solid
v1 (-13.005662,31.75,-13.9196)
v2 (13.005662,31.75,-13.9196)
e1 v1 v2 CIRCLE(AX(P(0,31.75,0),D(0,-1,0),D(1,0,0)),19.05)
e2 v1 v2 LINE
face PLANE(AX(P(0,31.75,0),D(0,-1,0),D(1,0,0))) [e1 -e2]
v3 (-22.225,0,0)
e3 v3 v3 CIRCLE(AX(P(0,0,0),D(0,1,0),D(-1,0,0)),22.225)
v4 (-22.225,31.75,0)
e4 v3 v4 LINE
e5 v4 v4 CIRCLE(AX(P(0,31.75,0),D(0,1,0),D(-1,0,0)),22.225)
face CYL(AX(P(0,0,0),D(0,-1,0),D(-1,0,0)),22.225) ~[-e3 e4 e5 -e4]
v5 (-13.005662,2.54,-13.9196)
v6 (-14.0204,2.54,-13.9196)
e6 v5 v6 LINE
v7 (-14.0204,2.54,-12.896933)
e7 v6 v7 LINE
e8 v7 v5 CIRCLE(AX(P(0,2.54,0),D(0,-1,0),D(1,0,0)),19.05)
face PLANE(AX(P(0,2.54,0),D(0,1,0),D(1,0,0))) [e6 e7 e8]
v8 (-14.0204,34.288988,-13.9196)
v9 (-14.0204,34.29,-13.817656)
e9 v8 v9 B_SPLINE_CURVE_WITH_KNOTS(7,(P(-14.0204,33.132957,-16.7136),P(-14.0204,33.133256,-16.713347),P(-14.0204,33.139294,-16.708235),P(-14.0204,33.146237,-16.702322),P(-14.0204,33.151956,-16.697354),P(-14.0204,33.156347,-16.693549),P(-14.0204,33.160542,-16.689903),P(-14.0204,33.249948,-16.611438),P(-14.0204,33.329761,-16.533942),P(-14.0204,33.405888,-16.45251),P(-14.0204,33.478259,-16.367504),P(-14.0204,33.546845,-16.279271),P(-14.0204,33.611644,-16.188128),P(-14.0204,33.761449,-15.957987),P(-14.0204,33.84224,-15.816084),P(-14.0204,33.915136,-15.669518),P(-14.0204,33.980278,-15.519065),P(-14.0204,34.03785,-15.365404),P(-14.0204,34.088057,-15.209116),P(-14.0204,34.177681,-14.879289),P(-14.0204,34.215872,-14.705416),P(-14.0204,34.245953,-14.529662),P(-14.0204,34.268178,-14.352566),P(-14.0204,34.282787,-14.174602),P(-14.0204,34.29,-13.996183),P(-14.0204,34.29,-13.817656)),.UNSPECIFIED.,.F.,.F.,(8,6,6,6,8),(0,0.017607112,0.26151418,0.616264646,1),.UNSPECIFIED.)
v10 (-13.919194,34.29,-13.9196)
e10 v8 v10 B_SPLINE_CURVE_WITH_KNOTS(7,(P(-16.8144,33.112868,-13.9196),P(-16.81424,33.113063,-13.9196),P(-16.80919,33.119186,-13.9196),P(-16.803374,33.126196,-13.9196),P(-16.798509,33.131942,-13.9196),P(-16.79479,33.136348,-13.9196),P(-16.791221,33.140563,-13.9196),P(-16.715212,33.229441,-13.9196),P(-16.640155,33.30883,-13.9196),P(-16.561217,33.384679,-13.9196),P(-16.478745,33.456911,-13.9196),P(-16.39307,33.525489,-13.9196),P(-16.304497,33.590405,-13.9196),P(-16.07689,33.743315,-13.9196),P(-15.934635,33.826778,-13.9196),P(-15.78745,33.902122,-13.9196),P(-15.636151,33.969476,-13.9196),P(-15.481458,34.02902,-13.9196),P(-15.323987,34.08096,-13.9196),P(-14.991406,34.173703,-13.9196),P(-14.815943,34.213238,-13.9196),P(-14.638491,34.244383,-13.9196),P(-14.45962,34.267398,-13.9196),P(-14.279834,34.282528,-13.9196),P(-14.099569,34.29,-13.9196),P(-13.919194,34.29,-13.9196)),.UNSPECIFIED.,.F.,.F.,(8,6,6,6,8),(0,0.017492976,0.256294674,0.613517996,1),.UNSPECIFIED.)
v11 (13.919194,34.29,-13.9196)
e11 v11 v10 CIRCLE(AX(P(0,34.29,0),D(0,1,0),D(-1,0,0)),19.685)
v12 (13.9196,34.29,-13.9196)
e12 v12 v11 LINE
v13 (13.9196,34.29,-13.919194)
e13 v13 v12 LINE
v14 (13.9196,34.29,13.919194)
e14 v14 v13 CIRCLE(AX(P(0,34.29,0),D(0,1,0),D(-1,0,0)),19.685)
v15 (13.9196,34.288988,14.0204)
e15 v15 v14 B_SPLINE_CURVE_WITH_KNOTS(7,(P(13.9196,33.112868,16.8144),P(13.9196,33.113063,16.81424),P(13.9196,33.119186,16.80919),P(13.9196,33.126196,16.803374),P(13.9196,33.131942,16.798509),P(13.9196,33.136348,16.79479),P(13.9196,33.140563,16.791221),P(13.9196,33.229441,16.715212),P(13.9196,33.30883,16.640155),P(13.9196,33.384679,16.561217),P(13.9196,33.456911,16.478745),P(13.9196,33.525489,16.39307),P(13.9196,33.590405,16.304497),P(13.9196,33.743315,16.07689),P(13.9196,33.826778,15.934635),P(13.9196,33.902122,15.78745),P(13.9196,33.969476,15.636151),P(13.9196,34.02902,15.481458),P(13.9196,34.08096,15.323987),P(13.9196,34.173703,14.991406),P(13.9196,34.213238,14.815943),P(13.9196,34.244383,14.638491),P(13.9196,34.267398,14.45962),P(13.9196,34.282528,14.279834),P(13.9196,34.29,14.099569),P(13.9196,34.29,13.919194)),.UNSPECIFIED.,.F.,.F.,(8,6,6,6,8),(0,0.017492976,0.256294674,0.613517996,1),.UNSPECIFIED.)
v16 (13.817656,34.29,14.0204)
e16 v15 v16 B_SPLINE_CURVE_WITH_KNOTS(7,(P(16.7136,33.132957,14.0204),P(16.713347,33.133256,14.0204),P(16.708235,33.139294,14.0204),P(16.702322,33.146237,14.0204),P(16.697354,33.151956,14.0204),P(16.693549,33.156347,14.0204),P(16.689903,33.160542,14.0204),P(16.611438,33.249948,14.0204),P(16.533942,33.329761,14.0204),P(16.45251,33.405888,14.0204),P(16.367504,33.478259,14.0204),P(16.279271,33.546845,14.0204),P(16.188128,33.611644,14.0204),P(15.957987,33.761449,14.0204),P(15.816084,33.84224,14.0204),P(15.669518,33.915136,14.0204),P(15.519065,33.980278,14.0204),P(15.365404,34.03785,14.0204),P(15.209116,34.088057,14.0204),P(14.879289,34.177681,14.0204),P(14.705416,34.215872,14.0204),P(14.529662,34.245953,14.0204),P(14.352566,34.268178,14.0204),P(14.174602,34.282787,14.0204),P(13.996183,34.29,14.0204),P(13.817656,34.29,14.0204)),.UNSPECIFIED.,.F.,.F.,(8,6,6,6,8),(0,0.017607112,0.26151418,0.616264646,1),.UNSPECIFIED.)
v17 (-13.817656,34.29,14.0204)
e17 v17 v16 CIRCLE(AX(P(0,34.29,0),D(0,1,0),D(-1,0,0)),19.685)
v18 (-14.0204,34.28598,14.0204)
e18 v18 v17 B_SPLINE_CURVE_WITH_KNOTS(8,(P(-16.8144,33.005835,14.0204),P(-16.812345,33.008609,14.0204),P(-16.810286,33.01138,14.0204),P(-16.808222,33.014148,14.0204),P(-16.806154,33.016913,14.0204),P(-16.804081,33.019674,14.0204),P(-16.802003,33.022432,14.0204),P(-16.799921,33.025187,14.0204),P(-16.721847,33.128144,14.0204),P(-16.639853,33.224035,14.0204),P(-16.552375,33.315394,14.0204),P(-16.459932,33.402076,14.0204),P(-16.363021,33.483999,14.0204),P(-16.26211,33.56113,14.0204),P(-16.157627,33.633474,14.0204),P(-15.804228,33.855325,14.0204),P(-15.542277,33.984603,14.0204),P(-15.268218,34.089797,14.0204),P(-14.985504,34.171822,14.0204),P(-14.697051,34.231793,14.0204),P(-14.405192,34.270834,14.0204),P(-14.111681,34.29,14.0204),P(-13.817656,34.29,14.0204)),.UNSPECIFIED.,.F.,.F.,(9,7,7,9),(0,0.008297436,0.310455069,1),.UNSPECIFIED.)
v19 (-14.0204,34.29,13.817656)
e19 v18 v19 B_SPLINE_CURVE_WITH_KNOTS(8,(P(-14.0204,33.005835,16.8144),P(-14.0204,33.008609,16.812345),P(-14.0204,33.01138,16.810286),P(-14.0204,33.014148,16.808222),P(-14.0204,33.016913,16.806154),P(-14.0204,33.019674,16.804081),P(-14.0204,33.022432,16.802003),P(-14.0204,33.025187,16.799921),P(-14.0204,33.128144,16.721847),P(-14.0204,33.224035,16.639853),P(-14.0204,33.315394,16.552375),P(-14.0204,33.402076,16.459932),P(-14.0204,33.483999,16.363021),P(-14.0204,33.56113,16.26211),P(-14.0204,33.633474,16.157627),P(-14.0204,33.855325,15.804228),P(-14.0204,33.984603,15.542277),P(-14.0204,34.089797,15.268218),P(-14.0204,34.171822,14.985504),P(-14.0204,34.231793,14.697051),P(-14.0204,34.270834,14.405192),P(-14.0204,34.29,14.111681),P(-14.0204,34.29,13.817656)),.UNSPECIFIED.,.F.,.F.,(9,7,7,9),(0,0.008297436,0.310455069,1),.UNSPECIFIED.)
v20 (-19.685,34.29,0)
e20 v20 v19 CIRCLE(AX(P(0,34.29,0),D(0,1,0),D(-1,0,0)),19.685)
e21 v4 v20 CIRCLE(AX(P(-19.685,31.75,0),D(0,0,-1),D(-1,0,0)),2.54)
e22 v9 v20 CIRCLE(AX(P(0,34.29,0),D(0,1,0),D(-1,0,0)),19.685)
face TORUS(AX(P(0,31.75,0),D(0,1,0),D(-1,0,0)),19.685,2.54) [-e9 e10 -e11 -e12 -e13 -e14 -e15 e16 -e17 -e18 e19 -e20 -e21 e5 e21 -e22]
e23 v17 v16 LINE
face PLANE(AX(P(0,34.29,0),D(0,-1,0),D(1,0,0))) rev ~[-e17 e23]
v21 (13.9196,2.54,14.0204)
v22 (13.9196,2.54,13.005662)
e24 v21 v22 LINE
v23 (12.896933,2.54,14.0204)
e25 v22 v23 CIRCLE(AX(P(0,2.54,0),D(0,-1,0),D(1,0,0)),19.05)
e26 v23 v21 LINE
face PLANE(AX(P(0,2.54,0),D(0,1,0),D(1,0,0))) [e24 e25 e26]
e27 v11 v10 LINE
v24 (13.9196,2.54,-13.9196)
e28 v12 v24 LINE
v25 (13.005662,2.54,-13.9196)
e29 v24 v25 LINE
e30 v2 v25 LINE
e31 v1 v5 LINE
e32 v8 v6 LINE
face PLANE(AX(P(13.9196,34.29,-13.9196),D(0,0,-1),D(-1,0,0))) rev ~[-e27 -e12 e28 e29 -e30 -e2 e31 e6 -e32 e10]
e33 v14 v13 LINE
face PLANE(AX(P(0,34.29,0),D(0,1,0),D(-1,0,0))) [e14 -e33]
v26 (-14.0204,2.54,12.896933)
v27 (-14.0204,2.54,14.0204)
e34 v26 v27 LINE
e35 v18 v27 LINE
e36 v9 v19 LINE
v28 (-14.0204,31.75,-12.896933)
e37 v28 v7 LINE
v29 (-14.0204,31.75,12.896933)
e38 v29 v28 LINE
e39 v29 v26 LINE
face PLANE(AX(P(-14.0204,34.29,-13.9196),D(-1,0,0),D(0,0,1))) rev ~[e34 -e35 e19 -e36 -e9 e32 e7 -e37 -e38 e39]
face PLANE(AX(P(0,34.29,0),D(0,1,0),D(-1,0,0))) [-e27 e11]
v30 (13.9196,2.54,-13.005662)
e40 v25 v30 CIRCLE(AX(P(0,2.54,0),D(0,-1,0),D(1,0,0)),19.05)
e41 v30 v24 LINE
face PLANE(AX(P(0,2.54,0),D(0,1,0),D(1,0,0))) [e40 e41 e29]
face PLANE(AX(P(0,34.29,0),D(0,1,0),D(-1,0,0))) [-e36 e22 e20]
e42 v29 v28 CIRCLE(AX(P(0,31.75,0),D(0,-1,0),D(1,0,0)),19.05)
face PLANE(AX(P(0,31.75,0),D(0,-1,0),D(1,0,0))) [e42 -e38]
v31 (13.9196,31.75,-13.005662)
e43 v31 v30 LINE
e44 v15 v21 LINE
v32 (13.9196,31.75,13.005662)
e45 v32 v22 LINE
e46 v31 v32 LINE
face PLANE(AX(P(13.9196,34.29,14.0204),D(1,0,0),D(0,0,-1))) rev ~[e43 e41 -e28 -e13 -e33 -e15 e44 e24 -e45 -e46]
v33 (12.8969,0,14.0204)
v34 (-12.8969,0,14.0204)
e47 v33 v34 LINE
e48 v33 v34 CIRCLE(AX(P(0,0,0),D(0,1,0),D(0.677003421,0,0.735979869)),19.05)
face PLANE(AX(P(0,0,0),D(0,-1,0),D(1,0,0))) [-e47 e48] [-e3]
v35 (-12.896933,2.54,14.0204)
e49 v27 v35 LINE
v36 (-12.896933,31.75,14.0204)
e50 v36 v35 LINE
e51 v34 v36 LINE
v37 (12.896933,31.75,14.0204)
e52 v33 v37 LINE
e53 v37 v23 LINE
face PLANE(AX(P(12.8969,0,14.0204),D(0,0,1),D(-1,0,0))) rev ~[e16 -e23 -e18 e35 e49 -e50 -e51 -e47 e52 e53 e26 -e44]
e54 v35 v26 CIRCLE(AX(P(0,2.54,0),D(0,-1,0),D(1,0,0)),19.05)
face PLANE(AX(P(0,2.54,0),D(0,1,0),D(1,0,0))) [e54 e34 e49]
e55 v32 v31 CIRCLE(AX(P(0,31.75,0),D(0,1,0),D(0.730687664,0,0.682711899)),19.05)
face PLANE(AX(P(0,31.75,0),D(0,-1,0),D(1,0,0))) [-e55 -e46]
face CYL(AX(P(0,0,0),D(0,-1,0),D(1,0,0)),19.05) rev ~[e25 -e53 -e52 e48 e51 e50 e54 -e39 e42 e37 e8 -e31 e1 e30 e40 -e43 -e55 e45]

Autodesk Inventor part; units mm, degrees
ref_plane "YZ Plane" through (0, 0, 0) normal (1, 0, 0) x (0, 1, 0)
ref_plane "XZ Plane" through (0, 0, 0) normal (0, 1, 0) x (-1, 0, 0)
ref_plane "XY Plane" through (0, 0, 0) normal (0, 0, 1) x (1, 0, 0)
sketch "Sketch1" plane through (0, 0, 0) normal (0, 1, 0) x (-1, 0, 0)
  circle A0 centre (0, 0) radius 22.225
  dimension "d0" = 44.45
extrude "Extrusion1" add sketch "Sketch1" along normal blind 34.29
fillet "Fillet1" radius 2.54 1 edges at (22.225, 34.29, 0)
sketch "Sketch2" plane through (0, 0, 0) normal (0, -1, 0) x (1, 0, 0)
  circle A0 centre (0, 0) radius 19.05
  dimension "d4" = 38.1
extrude "Extrusion2" cut sketch "Sketch2" against normal blind 31.75
sketch "Sketch3" plane through (0, 34.29, 0) normal (0, 1, 0) x (1, 0, 0)
  line L0 (0, 0) -> (0, -13.97)
  line L1 (0, 0) -> (-13.97, 0)
  line L2 (-14.0204, -14.0204) -> (13.9196, -14.0204)
  line L3 (13.9196, -14.0204) -> (13.9196, 13.9196)
  line L4 (13.9196, 13.9196) -> (-14.0204, 13.9196)
  line L5 (-14.0204, 13.9196) -> (-14.0204, -14.0204)
  dimension "d7" = 13.97
  dimension "d8" = 13.97
  dimension "d9" = 27.94
  dimension "d10" = 27.94
extrude "Extrusion3" cut sketch "Sketch3" against normal blind 31.75
sketch "Sketch4" plane through (0, 0, 0) normal (0, -1, 0) x (1, 0, 0)
  line L0 (13.8176, 14.0204) -> (-13.8176, 14.0204) projected
  line L1 (0, 14.0204) -> (-12.8969, 14.0204)
  arc A0 (13.9196, -13.0057) -> (13.9196, 13.0057) centre (0, 0) ccw projected
  line L2 (0, 14.0204) -> (12.8969, 14.0204)
  circle A1 centre (0, 0) radius 19.05
  point P0 (10.16, 10.16)
  point P1 (-10.16, 10.16)
  point P2 (12.8969, 14.0204)
  point P3 (-12.8969, 14.0204)
  point P4 (-13.8176, 14.0204)
extrude "Extrusion4" add sketch "Sketch4" against normal blind 34.29 contours L0 A1
properties part number "module" material "ABS Plastic"
